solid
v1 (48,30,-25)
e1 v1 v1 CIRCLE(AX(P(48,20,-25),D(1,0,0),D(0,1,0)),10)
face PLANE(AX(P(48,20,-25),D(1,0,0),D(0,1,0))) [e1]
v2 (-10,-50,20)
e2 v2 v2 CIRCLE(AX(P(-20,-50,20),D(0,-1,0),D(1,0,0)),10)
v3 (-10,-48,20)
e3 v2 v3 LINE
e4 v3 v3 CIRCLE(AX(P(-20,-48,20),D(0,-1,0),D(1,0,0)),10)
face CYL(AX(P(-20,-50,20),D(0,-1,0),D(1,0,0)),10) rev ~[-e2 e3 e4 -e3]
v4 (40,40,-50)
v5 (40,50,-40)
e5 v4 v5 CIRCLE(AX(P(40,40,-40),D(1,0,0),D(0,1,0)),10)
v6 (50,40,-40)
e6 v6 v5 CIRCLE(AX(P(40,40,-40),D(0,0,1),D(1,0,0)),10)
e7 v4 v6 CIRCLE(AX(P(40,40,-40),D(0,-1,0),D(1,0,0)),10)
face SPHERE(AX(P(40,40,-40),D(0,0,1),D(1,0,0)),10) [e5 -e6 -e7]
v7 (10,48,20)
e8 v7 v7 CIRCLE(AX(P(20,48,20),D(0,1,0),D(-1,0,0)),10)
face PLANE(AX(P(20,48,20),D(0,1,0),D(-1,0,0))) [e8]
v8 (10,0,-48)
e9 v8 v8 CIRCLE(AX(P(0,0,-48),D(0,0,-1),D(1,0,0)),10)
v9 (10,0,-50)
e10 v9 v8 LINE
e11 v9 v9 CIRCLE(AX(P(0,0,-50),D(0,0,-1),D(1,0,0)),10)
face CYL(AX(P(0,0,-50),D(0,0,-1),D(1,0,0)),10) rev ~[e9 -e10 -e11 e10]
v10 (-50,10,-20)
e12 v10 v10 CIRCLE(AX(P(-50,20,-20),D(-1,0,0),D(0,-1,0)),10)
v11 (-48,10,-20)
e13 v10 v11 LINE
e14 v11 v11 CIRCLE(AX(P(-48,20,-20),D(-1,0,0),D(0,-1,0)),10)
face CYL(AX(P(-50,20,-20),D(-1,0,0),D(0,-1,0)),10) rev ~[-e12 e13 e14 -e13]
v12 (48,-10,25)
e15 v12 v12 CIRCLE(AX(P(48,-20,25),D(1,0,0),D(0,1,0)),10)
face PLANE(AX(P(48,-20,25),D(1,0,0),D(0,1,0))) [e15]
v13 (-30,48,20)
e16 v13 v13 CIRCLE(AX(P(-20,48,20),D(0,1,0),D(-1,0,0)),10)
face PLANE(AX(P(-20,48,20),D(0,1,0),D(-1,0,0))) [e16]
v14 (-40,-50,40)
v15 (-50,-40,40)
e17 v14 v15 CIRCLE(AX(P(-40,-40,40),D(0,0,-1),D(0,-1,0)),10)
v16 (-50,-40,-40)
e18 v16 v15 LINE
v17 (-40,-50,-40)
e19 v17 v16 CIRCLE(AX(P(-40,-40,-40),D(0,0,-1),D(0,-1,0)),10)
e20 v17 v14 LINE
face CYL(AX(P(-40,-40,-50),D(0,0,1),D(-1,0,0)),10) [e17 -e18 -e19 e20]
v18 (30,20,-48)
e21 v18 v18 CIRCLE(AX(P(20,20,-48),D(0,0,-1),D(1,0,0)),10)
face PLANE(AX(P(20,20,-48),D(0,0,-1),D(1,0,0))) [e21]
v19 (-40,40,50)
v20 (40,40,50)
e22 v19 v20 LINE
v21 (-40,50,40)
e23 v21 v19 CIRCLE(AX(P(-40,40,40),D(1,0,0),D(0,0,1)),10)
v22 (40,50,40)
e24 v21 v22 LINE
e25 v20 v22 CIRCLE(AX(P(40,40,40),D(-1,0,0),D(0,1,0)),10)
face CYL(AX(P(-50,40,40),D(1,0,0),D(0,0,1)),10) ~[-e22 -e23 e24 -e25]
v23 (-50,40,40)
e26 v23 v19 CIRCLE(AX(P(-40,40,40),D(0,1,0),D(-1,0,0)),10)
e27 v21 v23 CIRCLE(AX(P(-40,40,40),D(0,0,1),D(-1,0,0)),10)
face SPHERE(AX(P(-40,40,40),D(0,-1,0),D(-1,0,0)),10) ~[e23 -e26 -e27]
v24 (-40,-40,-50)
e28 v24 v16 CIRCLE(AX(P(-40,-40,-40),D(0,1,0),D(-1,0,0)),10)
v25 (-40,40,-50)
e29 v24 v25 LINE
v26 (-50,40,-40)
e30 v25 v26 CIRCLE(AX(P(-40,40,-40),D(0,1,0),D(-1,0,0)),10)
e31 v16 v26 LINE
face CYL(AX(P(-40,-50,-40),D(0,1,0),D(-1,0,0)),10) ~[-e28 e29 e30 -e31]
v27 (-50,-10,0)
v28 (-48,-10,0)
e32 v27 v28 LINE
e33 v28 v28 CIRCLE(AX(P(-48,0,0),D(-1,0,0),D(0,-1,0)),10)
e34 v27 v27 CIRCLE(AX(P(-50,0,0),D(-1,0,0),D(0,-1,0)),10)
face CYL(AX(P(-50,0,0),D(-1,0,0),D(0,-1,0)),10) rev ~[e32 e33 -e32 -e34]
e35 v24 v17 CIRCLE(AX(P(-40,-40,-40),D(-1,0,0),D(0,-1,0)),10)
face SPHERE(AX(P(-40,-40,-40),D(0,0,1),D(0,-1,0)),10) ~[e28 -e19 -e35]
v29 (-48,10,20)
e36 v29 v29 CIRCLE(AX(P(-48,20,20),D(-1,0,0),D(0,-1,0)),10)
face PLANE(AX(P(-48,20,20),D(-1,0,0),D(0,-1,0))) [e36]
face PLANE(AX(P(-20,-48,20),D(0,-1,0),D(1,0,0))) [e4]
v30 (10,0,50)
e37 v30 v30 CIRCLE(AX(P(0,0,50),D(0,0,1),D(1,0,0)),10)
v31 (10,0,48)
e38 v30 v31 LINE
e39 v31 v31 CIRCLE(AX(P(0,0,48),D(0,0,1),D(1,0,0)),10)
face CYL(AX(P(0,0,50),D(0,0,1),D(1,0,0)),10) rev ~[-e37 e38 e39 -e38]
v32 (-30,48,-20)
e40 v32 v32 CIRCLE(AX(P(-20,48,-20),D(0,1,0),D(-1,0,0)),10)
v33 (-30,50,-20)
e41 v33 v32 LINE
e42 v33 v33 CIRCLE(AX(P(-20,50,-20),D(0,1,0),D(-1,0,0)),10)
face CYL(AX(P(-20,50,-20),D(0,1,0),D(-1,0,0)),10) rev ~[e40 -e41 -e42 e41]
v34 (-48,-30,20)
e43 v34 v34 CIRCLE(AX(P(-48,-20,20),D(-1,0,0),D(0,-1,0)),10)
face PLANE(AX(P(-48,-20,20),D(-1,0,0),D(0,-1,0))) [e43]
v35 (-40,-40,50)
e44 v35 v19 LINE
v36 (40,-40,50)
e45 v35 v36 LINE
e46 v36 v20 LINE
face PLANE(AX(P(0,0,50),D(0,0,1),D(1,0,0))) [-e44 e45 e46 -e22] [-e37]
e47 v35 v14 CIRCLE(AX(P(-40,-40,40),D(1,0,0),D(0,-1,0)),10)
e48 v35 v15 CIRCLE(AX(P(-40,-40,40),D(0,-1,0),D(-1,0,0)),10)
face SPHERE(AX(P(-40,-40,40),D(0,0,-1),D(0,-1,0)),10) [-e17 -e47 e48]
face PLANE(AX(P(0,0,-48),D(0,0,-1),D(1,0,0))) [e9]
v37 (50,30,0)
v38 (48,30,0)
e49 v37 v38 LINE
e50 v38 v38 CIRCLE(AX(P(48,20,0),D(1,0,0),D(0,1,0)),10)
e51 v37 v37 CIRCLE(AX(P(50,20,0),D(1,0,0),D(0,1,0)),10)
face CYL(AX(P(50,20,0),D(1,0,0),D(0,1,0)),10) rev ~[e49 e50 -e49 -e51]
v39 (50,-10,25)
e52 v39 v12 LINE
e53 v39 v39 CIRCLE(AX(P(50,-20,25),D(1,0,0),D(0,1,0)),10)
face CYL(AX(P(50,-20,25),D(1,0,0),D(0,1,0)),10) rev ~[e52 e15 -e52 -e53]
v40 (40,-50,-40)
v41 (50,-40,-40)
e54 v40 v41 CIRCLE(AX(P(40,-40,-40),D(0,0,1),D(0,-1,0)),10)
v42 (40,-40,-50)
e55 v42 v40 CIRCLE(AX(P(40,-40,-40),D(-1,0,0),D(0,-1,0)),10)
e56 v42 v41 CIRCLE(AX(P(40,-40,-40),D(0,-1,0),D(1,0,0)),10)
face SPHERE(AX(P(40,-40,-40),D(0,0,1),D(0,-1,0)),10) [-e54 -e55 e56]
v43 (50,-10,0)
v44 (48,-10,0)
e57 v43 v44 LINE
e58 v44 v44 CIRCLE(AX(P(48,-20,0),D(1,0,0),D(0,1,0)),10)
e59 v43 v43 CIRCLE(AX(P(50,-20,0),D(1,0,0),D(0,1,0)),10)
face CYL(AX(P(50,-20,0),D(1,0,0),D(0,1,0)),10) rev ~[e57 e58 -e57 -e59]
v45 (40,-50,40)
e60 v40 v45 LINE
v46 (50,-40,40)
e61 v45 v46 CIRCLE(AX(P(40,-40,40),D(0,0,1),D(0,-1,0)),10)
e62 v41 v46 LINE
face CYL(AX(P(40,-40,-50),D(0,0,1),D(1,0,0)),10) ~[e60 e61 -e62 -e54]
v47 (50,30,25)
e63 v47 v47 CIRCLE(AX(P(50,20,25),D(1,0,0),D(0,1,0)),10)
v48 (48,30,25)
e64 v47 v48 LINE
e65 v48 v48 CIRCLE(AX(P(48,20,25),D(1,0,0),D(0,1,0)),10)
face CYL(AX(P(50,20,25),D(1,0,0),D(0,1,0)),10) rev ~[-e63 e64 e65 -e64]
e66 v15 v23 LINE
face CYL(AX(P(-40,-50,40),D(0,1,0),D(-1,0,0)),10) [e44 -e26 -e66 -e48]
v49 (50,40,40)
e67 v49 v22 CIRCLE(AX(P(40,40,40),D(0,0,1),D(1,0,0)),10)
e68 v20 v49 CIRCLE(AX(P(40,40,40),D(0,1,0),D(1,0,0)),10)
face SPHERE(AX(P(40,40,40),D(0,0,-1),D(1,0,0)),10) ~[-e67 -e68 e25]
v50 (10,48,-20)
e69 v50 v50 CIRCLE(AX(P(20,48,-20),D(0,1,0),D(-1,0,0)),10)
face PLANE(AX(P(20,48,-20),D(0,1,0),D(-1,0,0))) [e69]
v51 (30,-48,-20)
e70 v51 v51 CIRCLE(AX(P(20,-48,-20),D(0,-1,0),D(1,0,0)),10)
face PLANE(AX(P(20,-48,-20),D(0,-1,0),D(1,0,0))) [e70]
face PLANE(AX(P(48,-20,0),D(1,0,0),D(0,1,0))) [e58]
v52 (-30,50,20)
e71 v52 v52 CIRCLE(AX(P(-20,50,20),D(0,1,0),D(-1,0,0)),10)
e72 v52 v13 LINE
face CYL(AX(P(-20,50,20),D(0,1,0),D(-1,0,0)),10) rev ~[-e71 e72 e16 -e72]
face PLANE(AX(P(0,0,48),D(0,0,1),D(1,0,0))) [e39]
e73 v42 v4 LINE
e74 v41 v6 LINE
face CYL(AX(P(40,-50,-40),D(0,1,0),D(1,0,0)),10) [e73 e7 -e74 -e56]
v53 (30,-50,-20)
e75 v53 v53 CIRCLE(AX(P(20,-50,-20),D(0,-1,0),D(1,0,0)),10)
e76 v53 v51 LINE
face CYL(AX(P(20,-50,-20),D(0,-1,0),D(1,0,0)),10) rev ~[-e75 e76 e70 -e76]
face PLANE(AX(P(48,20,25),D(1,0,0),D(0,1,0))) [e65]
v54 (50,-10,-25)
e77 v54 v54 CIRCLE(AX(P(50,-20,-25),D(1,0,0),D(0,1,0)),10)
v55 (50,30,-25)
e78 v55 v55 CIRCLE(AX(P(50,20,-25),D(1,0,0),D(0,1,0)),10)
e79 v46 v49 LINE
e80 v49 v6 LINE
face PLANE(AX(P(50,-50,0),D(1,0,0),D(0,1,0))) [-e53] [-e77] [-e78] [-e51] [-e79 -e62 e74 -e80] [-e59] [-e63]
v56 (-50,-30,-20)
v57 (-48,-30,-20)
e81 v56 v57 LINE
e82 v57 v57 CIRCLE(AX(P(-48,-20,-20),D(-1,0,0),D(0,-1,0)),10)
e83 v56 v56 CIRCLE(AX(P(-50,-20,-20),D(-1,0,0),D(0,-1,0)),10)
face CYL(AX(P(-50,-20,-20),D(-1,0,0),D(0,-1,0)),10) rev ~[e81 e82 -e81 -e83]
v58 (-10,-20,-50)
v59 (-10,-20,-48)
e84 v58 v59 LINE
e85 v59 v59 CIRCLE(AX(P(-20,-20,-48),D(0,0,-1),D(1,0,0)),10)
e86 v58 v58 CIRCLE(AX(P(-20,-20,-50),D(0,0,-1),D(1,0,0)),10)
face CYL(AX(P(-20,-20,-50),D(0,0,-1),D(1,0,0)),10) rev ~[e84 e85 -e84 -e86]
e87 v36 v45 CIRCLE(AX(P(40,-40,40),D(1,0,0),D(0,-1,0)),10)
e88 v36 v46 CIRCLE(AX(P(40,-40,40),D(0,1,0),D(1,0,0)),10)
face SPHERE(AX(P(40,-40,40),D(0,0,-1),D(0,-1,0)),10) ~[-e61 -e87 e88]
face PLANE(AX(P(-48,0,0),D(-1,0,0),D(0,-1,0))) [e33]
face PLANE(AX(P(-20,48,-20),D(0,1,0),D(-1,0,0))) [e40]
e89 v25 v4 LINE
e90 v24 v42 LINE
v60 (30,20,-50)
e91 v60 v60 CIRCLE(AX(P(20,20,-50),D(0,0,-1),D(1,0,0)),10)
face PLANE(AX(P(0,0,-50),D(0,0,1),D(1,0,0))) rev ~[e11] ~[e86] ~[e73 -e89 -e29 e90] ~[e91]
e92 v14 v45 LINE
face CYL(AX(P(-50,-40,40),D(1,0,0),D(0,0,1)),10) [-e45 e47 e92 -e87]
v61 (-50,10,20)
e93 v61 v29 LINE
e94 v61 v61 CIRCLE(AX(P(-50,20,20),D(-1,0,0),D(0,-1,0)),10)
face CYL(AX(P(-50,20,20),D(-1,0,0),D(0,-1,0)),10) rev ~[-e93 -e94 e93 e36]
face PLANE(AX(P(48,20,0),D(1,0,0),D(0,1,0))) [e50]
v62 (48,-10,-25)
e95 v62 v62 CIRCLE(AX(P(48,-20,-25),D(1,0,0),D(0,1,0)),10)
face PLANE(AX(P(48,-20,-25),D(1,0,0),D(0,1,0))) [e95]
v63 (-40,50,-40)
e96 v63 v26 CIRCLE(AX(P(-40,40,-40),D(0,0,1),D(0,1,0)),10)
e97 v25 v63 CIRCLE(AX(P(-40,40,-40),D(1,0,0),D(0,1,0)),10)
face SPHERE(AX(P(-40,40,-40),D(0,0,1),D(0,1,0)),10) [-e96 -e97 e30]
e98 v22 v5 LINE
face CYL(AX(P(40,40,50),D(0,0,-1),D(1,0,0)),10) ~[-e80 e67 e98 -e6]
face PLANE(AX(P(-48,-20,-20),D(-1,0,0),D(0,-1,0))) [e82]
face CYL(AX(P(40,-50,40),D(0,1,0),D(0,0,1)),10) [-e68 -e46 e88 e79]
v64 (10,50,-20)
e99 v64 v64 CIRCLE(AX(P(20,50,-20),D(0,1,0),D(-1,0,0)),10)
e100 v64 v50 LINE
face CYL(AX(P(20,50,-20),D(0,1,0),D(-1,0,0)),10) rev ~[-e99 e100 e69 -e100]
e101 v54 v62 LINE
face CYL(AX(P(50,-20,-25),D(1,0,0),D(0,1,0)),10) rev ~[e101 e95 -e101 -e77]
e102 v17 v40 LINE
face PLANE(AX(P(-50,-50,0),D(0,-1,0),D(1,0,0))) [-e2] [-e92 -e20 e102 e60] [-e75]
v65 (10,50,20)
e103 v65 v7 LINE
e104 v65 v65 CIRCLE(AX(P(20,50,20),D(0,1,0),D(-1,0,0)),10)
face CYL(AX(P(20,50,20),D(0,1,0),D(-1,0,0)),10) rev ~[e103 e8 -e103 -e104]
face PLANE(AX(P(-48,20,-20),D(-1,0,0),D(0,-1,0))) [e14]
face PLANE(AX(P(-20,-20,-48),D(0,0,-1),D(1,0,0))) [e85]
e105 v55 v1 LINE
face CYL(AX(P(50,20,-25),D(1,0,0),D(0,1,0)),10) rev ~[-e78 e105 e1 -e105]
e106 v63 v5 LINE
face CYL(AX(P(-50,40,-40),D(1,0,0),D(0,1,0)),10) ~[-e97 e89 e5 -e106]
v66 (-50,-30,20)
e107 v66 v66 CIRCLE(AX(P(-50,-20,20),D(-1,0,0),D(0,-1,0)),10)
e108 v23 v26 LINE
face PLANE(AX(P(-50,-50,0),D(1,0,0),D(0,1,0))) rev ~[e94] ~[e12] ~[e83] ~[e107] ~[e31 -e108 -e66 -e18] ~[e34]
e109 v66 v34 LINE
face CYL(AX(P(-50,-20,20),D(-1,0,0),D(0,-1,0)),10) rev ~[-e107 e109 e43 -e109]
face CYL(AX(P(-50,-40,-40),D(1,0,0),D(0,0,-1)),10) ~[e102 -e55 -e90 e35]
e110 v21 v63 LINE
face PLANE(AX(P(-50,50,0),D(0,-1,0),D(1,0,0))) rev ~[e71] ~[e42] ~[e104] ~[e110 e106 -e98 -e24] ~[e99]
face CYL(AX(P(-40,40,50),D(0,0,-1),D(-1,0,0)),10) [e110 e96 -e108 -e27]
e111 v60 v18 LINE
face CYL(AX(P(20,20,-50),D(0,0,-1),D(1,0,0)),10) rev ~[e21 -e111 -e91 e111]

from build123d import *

# Parameters (mm, degrees)
F0_W      = 100
F0_H      = 100
F1_DEPTH  = 50
F2_R      = 10
F3_R      = 10
F4_DEPTH  = 2
F5_R      = 10
F6_DEPTH  = 2
F7_R      = 10
F8_DEPTH  = 2
F9_R      = 10
F10_DEPTH = 2
F11_R     = 10
F12_DEPTH = 2
F13_R     = 10
F14_DEPTH = 2


with BuildPart() as f1:
    # F0 (on Top) → F1 (new body, symmetric)
    with BuildSketch(Plane.XY):
        Rectangle(F0_W, F0_H)
    extrude(amount=F1_DEPTH, both=True)

    # F2
    f2_edges = [f1.edges().sort_by_distance(p)[0] for p in [
        (50, 50, 0),
        (-50, -50, 0),
        (50, -50, 0),
        (0, -50, -50),
        (0, -50, 50),
        (50, 0, -50),
        (50, 0, 50),
        (-50, 0, 50),
        (-50, 50, 0),
        (0, 50, -50),
        (0, 50, 50),
        (-50, 0, -50),
    ]]
    fillet(f2_edges, radius=F2_R)

    # F3 (on face) → F4 (cut)
    with BuildSketch(Plane.XY.offset(50)):
        Circle(F3_R)
    extrude(amount=-F4_DEPTH, mode=Mode.SUBTRACT)

    # F5 (on face) → F6 (cut)
    with BuildSketch(Plane.XZ.offset(50)):
        with Locations((-20, 20)):
            Circle(F5_R)
        with Locations((20, -20)):
            Circle(F5_R)
    extrude(amount=-F6_DEPTH, mode=Mode.SUBTRACT)

    # F7 (on face) → F8 (cut)
    with BuildSketch(Plane(origin=(0, 0, -50), x_dir=(1, 0, 0), z_dir=(0, 0, -1))):
        with Locations((-20, 20)):
            Circle(F7_R)
        Circle(F7_R)
        with Locations((20, -20)):
            Circle(F7_R)
    extrude(amount=-F8_DEPTH, mode=Mode.SUBTRACT)

    # F9 (on face) → F10 (cut)
    with BuildSketch(Plane(origin=(0, 50, 0), x_dir=(-1, 0, 0), z_dir=(0, 1, 0))):
        with Locations((-20, 20)):
            Circle(F9_R)
        with Locations((20, 20)):
            Circle(F9_R)
        with Locations((20, -20)):
            Circle(F9_R)
        with Locations((-20, -20)):
            Circle(F9_R)
    extrude(amount=-F10_DEPTH, mode=Mode.SUBTRACT)

    # F11 (on face) → F12 (cut)
    with BuildSketch(Plane(origin=(-50, 0, 0), x_dir=(0, -1, 0), z_dir=(-1, 0, 0))):
        Circle(F11_R)
        with Locations((-20, 20)):
            Circle(F11_R)
        with Locations((20, 20)):
            Circle(F11_R)
        with Locations((20, -20)):
            Circle(F11_R)
        with Locations((-20, -20)):
            Circle(F11_R)
    extrude(amount=-F12_DEPTH, mode=Mode.SUBTRACT)

    # F13 (on face) → F14 (cut)
    with BuildSketch(Plane.YZ.offset(50)):
        with Locations((-20, 25)):
            Circle(F13_R)
        with Locations((-20, 0)):
            Circle(F13_R)
        with Locations((-20, -25)):
            Circle(F13_R)
        with Locations((20, -25)):
            Circle(F13_R)
        with Locations((20, 0)):
            Circle(F13_R)
        with Locations((20, 25)):
            Circle(F13_R)
    extrude(amount=-F14_DEPTH, mode=Mode.SUBTRACT)


solid = f1.part
